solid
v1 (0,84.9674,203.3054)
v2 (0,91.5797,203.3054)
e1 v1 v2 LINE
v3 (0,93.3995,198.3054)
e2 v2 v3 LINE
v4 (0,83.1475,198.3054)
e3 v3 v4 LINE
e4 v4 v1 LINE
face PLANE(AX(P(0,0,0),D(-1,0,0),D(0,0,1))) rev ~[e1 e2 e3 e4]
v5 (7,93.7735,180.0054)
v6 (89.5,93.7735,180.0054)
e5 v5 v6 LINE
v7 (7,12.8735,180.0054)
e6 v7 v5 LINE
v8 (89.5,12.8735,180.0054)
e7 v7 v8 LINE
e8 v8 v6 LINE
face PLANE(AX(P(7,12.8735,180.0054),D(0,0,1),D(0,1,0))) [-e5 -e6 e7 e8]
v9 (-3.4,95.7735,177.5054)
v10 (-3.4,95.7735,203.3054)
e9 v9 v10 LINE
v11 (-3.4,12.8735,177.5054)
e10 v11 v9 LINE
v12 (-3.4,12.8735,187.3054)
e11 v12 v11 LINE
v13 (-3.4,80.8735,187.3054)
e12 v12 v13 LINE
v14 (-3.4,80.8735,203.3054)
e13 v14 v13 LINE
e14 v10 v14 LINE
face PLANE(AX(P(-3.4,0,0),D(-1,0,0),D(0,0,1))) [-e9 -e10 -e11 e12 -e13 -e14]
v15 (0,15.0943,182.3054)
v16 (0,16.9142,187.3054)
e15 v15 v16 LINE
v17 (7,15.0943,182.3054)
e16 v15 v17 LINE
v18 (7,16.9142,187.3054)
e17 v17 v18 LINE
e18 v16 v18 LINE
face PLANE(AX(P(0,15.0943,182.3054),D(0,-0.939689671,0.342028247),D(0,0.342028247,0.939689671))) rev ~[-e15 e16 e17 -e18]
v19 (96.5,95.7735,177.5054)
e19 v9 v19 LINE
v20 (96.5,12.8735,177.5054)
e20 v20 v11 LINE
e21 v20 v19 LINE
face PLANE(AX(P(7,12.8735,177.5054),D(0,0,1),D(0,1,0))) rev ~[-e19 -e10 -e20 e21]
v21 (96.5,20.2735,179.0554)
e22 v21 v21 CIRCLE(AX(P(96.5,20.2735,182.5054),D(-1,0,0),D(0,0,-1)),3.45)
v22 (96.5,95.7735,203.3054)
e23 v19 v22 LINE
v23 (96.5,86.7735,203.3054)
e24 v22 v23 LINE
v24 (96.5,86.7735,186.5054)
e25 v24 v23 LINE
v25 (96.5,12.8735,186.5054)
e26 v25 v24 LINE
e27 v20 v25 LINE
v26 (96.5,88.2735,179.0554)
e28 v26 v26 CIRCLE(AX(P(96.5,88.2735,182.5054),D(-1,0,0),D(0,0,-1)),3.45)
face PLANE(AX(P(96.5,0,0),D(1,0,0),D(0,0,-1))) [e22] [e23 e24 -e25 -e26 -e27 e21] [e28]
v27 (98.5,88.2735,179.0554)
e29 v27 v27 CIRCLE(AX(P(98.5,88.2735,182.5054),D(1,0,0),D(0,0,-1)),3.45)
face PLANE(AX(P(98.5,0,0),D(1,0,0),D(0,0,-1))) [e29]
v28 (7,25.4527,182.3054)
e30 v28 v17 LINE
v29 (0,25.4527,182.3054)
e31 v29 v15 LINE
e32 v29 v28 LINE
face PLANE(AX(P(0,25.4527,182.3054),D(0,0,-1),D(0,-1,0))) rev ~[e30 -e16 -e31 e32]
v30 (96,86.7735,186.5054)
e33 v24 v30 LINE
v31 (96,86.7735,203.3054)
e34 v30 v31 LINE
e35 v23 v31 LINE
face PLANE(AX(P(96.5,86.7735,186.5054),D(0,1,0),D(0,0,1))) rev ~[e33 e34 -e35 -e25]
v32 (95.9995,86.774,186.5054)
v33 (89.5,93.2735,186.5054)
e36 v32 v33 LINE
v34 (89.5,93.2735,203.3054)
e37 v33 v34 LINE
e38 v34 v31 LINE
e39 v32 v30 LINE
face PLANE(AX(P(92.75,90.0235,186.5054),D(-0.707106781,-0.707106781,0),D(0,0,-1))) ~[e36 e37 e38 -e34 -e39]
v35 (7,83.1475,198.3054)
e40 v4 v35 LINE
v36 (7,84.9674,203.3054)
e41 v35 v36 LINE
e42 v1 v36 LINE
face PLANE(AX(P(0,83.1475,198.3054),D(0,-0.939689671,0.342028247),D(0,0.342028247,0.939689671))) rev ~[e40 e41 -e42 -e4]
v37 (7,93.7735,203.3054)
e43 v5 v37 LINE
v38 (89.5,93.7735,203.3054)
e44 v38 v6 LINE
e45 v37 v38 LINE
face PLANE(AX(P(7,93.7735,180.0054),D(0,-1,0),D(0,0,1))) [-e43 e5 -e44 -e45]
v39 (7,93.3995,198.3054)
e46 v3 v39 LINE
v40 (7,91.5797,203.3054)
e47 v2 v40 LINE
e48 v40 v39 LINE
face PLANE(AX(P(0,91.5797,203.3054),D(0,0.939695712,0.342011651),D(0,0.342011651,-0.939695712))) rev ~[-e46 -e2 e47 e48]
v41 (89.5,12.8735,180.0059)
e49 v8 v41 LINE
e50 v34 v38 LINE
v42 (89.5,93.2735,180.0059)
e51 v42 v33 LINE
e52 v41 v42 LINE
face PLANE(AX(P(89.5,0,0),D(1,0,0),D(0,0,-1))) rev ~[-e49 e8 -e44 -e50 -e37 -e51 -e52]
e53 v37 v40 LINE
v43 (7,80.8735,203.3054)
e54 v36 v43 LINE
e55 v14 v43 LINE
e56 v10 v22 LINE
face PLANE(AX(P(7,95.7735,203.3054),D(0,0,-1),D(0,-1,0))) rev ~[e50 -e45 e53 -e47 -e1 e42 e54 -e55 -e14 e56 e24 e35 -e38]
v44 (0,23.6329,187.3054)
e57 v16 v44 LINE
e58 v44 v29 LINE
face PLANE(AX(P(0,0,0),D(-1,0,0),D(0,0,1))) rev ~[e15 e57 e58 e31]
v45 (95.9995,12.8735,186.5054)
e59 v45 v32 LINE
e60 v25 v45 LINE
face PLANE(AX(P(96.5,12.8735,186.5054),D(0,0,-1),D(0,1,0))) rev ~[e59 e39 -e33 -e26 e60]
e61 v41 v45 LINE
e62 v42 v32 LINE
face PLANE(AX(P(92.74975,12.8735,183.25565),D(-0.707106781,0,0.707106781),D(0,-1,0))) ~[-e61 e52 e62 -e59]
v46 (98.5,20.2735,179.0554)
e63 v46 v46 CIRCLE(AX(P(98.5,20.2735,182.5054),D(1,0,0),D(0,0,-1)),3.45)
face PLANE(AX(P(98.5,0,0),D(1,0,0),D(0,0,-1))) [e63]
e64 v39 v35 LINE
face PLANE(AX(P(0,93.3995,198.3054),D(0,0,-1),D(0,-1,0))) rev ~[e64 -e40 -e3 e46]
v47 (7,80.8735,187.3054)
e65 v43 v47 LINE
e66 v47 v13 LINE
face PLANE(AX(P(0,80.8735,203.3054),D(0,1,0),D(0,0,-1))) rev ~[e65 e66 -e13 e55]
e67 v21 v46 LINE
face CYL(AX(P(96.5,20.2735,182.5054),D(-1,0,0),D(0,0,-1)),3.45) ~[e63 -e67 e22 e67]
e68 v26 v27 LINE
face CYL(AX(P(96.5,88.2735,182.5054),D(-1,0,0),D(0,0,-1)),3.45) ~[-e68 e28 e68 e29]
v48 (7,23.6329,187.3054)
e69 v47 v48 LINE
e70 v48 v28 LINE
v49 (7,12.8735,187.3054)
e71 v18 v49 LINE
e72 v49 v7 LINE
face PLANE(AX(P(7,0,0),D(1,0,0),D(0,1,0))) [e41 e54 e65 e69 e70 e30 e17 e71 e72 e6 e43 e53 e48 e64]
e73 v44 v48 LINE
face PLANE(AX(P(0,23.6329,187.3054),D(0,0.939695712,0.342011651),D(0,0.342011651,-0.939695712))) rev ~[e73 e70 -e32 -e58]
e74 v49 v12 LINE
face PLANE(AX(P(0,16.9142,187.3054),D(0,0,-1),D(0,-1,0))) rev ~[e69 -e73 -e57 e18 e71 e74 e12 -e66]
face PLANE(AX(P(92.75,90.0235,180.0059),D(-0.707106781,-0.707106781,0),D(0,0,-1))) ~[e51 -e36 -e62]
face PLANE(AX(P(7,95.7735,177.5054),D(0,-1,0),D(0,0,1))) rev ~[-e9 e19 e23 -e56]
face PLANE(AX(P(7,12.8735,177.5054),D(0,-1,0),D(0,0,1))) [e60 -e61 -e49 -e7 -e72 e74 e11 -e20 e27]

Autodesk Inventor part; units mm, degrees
ref_plane "YZ Plane" through (0, 0, 0) normal (1, 0, 0) x (0, 1, 0)
ref_plane "XZ Plane" through (0, 0, 0) normal (0, 1, 0) x (-1, 0, 0)
ref_plane "XY Plane" through (0, 0, 0) normal (0, 0, 1) x (1, 0, 0)
sketch "Skizze1" plane through (0, 0, 0) normal (1, 0, 0) x (0, 1, 0)
  line L0 (12.7735, 187.5054) -> (12.7735, 177.5054) construction
  line L1 (12.7735, 177.5054) -> (95.7735, 177.5054) construction
  line L2 (95.7735, 177.5054) -> (95.7735, 203.5054) construction
  line L3 (91.4537, 203.5054) -> (93.2735, 198.5054) construction
  line L4 (95.7735, 203.5054) -> (80.7735, 203.5054) construction
  line L5 (93.2735, 198.5054) -> (83.2735, 198.5054) construction
  line L6 (83.2735, 198.5054) -> (85.0934, 203.5054) construction
  line L7 (80.7735, 203.5054) -> (80.7735, 187.5054) construction
  line L8 (80.7735, 187.5054) -> (12.7735, 187.5054) construction
  line L9 (12.7735, 187.5054) -> (12.7735, 177.5054) construction
  line L10 (15.2735, 182.5054) -> (17.0934, 187.5054) construction
  line L11 (25.2735, 182.5054) -> (15.2735, 182.5054) construction
  line L12 (23.4537, 187.5054) -> (25.2735, 182.5054) construction
  line L13 (95.7735, 177.5054) -> (95.7735, 203.3054)
  line L14 (95.7735, 203.3054) -> (91.5797, 203.3054)
  line L15 (91.5797, 203.3054) -> (93.3995, 198.3054)
  line L16 (93.3995, 198.3054) -> (83.1475, 198.3054)
  line L17 (83.1475, 198.3054) -> (84.9674, 203.3054)
  line L18 (84.9674, 203.3054) -> (80.8735, 203.3054)
  line L19 (80.8735, 203.3054) -> (80.8735, 187.3054)
  line L20 (80.8735, 187.3054) -> (23.6329, 187.3054)
  line L21 (23.6329, 187.3054) -> (25.4527, 182.3054)
  line L22 (25.4527, 182.3054) -> (15.0943, 182.3054)
  line L23 (15.0943, 182.3054) -> (16.9142, 187.3054)
  line L24 (16.9142, 187.3054) -> (12.8735, 187.3054)
  line L25 (12.8735, 187.3054) -> (12.8735, 177.5054)
  line L26 (12.8735, 177.5054) -> (95.7735, 177.5054)
  point P0 (0, 0)
  dimension "d0" = 0.2
  dimension "d1" = 0.05
  dimension "d2" = 0.05
  dimension "d3" = 0.1
  dimension "d4" = 0.2
  dimension "d5" = 0.1
  dimension "d6" = 0.1
  dimension "d7" = 0.1
extrude "Extrusion1" add sketch "Skizze1" along normal blind 7
sketch "Skizze2" plane through (0, 0, 0) normal (-1, 0, 0) x (0, 0, 1)
  line L0 (177.5054, 95.7735) -> (203.3054, 95.7735) projected
  line L1 (177.5054, 12.8735) -> (177.5054, 95.7735) projected
  line L2 (187.3054, 12.8735) -> (177.5054, 12.8735) projected
  line L3 (203.3054, 80.8735) -> (187.3054, 80.8735) projected
  line L4 (203.3054, 80.8735) -> (187.3054, 80.8735) projected
  line L5 (187.3054, 12.8735) -> (187.3054, 80.8735)
  line L6 (187.3054, 80.8735) -> (203.3054, 80.8735)
  line L7 (203.3054, 95.7735) -> (203.3054, 91.5797) projected
  line L8 (203.3054, 80.8735) -> (203.3054, 95.7735)
  point P0 (0, 0)
extrude "Extrusion2" add sketch "Skizze2" along normal blind 3.4
sketch "Skizze3" plane through (7, 0, 0) normal (1, 0, 0) x (0, 0, -1)
  line L0 (-177.5054, 95.7735) -> (-203.3054, 95.7735) projected
  line L1 (-177.5054, 12.8735) -> (-177.5054, 95.7735) projected
  line L2 (-177.5054, 12.8735) -> (-180.0054, 12.8735)
  line L3 (-187.3054, 12.8735) -> (-177.5054, 12.8735) projected
  line L4 (-180.0054, 12.8735) -> (-180.0054, 93.7735)
  line L5 (-177.5054, 95.7735) -> (-177.5054, 12.8735) projected
  line L6 (-180.0054, 93.7735) -> (-203.3054, 93.7735)
  line L7 (-203.3054, 95.7735) -> (-203.3054, 91.5797) projected
  line L8 (-203.3054, 93.7735) -> (-203.3054, 95.7735)
  point P0 (0, 0)
  dimension "d12" = 2.5
  dimension "d13" = 2
  dimension "d14" = 2
extrude "Extrusion3" add sketch "Skizze3" along normal blind 89.5
sketch "Skizze4" plane through (96.5, 0, 0) normal (1, 0, 0) x (0, 0, -1)
  circle A0 centre (-182.5054, 20.2735) radius 3.5 construction
  circle A1 centre (-182.5054, 88.2735) radius 3.5 construction
  circle A2 centre (-182.5054, 20.2735) radius 3.45
  circle A3 centre (-182.5054, 88.2735) radius 3.45
  point P0 (0, 0)
  dimension "d17" = 0.05
  dimension "d18" = 0.05
extrude "Extrusion4" add sketch "Skizze4" along normal blind 2
sketch "Skizze5" plane through (96.5, 0, 0) normal (1, 0, 0) x (0, 0, -1)
  line L0 (-198.9754, 90.3435) -> (-183.0054, 90.3435) construction
  line L1 (-180.0054, 17.896) -> (-180.0054, 12.8735) projected
  circle A0 centre (-182.5054, 88.2735) radius 3.5 construction
  line L2 (-203.3054, 93.7735) -> (-180.0054, 93.7735) projected
  line L3 (-180.0054, 12.8735) -> (-186.5054, 12.8735)
  line L4 (-186.5054, 12.8735) -> (-186.5054, 93.7735)
  line L5 (-186.5054, 93.7735) -> (-180.0054, 93.7735)
  line L6 (-180.0054, 93.7735) -> (-180.0054, 12.8735)
  line L7 (-203.3054, 93.7735) -> (-186.5054, 93.7735)
  line L8 (-186.5054, 93.7735) -> (-186.5054, 86.7735)
  line L9 (-186.5054, 86.7735) -> (-203.3054, 86.7735)
  line L10 (-203.3054, 86.7735) -> (-203.3054, 93.7735)
  point P0 (0, 0)
  point P1 (-186.5054, 90.3435)
  dimension "d27" = 4
  dimension "d31" = 7
extrude "Extrusion5" add sketch "Skizze5" against normal blind 7
chamfer "Fase2" distance 6.5 angle 45 1 edges at (89.5, 49.8235, 186.5054)
chamfer "Fase3" distance 6.5 angle 45 1 edges at (89.5, 86.7735, 194.9054)
equation "\"d1\" = d2"
equation "\"d14\" = d13"
properties part number "Batcap3"
